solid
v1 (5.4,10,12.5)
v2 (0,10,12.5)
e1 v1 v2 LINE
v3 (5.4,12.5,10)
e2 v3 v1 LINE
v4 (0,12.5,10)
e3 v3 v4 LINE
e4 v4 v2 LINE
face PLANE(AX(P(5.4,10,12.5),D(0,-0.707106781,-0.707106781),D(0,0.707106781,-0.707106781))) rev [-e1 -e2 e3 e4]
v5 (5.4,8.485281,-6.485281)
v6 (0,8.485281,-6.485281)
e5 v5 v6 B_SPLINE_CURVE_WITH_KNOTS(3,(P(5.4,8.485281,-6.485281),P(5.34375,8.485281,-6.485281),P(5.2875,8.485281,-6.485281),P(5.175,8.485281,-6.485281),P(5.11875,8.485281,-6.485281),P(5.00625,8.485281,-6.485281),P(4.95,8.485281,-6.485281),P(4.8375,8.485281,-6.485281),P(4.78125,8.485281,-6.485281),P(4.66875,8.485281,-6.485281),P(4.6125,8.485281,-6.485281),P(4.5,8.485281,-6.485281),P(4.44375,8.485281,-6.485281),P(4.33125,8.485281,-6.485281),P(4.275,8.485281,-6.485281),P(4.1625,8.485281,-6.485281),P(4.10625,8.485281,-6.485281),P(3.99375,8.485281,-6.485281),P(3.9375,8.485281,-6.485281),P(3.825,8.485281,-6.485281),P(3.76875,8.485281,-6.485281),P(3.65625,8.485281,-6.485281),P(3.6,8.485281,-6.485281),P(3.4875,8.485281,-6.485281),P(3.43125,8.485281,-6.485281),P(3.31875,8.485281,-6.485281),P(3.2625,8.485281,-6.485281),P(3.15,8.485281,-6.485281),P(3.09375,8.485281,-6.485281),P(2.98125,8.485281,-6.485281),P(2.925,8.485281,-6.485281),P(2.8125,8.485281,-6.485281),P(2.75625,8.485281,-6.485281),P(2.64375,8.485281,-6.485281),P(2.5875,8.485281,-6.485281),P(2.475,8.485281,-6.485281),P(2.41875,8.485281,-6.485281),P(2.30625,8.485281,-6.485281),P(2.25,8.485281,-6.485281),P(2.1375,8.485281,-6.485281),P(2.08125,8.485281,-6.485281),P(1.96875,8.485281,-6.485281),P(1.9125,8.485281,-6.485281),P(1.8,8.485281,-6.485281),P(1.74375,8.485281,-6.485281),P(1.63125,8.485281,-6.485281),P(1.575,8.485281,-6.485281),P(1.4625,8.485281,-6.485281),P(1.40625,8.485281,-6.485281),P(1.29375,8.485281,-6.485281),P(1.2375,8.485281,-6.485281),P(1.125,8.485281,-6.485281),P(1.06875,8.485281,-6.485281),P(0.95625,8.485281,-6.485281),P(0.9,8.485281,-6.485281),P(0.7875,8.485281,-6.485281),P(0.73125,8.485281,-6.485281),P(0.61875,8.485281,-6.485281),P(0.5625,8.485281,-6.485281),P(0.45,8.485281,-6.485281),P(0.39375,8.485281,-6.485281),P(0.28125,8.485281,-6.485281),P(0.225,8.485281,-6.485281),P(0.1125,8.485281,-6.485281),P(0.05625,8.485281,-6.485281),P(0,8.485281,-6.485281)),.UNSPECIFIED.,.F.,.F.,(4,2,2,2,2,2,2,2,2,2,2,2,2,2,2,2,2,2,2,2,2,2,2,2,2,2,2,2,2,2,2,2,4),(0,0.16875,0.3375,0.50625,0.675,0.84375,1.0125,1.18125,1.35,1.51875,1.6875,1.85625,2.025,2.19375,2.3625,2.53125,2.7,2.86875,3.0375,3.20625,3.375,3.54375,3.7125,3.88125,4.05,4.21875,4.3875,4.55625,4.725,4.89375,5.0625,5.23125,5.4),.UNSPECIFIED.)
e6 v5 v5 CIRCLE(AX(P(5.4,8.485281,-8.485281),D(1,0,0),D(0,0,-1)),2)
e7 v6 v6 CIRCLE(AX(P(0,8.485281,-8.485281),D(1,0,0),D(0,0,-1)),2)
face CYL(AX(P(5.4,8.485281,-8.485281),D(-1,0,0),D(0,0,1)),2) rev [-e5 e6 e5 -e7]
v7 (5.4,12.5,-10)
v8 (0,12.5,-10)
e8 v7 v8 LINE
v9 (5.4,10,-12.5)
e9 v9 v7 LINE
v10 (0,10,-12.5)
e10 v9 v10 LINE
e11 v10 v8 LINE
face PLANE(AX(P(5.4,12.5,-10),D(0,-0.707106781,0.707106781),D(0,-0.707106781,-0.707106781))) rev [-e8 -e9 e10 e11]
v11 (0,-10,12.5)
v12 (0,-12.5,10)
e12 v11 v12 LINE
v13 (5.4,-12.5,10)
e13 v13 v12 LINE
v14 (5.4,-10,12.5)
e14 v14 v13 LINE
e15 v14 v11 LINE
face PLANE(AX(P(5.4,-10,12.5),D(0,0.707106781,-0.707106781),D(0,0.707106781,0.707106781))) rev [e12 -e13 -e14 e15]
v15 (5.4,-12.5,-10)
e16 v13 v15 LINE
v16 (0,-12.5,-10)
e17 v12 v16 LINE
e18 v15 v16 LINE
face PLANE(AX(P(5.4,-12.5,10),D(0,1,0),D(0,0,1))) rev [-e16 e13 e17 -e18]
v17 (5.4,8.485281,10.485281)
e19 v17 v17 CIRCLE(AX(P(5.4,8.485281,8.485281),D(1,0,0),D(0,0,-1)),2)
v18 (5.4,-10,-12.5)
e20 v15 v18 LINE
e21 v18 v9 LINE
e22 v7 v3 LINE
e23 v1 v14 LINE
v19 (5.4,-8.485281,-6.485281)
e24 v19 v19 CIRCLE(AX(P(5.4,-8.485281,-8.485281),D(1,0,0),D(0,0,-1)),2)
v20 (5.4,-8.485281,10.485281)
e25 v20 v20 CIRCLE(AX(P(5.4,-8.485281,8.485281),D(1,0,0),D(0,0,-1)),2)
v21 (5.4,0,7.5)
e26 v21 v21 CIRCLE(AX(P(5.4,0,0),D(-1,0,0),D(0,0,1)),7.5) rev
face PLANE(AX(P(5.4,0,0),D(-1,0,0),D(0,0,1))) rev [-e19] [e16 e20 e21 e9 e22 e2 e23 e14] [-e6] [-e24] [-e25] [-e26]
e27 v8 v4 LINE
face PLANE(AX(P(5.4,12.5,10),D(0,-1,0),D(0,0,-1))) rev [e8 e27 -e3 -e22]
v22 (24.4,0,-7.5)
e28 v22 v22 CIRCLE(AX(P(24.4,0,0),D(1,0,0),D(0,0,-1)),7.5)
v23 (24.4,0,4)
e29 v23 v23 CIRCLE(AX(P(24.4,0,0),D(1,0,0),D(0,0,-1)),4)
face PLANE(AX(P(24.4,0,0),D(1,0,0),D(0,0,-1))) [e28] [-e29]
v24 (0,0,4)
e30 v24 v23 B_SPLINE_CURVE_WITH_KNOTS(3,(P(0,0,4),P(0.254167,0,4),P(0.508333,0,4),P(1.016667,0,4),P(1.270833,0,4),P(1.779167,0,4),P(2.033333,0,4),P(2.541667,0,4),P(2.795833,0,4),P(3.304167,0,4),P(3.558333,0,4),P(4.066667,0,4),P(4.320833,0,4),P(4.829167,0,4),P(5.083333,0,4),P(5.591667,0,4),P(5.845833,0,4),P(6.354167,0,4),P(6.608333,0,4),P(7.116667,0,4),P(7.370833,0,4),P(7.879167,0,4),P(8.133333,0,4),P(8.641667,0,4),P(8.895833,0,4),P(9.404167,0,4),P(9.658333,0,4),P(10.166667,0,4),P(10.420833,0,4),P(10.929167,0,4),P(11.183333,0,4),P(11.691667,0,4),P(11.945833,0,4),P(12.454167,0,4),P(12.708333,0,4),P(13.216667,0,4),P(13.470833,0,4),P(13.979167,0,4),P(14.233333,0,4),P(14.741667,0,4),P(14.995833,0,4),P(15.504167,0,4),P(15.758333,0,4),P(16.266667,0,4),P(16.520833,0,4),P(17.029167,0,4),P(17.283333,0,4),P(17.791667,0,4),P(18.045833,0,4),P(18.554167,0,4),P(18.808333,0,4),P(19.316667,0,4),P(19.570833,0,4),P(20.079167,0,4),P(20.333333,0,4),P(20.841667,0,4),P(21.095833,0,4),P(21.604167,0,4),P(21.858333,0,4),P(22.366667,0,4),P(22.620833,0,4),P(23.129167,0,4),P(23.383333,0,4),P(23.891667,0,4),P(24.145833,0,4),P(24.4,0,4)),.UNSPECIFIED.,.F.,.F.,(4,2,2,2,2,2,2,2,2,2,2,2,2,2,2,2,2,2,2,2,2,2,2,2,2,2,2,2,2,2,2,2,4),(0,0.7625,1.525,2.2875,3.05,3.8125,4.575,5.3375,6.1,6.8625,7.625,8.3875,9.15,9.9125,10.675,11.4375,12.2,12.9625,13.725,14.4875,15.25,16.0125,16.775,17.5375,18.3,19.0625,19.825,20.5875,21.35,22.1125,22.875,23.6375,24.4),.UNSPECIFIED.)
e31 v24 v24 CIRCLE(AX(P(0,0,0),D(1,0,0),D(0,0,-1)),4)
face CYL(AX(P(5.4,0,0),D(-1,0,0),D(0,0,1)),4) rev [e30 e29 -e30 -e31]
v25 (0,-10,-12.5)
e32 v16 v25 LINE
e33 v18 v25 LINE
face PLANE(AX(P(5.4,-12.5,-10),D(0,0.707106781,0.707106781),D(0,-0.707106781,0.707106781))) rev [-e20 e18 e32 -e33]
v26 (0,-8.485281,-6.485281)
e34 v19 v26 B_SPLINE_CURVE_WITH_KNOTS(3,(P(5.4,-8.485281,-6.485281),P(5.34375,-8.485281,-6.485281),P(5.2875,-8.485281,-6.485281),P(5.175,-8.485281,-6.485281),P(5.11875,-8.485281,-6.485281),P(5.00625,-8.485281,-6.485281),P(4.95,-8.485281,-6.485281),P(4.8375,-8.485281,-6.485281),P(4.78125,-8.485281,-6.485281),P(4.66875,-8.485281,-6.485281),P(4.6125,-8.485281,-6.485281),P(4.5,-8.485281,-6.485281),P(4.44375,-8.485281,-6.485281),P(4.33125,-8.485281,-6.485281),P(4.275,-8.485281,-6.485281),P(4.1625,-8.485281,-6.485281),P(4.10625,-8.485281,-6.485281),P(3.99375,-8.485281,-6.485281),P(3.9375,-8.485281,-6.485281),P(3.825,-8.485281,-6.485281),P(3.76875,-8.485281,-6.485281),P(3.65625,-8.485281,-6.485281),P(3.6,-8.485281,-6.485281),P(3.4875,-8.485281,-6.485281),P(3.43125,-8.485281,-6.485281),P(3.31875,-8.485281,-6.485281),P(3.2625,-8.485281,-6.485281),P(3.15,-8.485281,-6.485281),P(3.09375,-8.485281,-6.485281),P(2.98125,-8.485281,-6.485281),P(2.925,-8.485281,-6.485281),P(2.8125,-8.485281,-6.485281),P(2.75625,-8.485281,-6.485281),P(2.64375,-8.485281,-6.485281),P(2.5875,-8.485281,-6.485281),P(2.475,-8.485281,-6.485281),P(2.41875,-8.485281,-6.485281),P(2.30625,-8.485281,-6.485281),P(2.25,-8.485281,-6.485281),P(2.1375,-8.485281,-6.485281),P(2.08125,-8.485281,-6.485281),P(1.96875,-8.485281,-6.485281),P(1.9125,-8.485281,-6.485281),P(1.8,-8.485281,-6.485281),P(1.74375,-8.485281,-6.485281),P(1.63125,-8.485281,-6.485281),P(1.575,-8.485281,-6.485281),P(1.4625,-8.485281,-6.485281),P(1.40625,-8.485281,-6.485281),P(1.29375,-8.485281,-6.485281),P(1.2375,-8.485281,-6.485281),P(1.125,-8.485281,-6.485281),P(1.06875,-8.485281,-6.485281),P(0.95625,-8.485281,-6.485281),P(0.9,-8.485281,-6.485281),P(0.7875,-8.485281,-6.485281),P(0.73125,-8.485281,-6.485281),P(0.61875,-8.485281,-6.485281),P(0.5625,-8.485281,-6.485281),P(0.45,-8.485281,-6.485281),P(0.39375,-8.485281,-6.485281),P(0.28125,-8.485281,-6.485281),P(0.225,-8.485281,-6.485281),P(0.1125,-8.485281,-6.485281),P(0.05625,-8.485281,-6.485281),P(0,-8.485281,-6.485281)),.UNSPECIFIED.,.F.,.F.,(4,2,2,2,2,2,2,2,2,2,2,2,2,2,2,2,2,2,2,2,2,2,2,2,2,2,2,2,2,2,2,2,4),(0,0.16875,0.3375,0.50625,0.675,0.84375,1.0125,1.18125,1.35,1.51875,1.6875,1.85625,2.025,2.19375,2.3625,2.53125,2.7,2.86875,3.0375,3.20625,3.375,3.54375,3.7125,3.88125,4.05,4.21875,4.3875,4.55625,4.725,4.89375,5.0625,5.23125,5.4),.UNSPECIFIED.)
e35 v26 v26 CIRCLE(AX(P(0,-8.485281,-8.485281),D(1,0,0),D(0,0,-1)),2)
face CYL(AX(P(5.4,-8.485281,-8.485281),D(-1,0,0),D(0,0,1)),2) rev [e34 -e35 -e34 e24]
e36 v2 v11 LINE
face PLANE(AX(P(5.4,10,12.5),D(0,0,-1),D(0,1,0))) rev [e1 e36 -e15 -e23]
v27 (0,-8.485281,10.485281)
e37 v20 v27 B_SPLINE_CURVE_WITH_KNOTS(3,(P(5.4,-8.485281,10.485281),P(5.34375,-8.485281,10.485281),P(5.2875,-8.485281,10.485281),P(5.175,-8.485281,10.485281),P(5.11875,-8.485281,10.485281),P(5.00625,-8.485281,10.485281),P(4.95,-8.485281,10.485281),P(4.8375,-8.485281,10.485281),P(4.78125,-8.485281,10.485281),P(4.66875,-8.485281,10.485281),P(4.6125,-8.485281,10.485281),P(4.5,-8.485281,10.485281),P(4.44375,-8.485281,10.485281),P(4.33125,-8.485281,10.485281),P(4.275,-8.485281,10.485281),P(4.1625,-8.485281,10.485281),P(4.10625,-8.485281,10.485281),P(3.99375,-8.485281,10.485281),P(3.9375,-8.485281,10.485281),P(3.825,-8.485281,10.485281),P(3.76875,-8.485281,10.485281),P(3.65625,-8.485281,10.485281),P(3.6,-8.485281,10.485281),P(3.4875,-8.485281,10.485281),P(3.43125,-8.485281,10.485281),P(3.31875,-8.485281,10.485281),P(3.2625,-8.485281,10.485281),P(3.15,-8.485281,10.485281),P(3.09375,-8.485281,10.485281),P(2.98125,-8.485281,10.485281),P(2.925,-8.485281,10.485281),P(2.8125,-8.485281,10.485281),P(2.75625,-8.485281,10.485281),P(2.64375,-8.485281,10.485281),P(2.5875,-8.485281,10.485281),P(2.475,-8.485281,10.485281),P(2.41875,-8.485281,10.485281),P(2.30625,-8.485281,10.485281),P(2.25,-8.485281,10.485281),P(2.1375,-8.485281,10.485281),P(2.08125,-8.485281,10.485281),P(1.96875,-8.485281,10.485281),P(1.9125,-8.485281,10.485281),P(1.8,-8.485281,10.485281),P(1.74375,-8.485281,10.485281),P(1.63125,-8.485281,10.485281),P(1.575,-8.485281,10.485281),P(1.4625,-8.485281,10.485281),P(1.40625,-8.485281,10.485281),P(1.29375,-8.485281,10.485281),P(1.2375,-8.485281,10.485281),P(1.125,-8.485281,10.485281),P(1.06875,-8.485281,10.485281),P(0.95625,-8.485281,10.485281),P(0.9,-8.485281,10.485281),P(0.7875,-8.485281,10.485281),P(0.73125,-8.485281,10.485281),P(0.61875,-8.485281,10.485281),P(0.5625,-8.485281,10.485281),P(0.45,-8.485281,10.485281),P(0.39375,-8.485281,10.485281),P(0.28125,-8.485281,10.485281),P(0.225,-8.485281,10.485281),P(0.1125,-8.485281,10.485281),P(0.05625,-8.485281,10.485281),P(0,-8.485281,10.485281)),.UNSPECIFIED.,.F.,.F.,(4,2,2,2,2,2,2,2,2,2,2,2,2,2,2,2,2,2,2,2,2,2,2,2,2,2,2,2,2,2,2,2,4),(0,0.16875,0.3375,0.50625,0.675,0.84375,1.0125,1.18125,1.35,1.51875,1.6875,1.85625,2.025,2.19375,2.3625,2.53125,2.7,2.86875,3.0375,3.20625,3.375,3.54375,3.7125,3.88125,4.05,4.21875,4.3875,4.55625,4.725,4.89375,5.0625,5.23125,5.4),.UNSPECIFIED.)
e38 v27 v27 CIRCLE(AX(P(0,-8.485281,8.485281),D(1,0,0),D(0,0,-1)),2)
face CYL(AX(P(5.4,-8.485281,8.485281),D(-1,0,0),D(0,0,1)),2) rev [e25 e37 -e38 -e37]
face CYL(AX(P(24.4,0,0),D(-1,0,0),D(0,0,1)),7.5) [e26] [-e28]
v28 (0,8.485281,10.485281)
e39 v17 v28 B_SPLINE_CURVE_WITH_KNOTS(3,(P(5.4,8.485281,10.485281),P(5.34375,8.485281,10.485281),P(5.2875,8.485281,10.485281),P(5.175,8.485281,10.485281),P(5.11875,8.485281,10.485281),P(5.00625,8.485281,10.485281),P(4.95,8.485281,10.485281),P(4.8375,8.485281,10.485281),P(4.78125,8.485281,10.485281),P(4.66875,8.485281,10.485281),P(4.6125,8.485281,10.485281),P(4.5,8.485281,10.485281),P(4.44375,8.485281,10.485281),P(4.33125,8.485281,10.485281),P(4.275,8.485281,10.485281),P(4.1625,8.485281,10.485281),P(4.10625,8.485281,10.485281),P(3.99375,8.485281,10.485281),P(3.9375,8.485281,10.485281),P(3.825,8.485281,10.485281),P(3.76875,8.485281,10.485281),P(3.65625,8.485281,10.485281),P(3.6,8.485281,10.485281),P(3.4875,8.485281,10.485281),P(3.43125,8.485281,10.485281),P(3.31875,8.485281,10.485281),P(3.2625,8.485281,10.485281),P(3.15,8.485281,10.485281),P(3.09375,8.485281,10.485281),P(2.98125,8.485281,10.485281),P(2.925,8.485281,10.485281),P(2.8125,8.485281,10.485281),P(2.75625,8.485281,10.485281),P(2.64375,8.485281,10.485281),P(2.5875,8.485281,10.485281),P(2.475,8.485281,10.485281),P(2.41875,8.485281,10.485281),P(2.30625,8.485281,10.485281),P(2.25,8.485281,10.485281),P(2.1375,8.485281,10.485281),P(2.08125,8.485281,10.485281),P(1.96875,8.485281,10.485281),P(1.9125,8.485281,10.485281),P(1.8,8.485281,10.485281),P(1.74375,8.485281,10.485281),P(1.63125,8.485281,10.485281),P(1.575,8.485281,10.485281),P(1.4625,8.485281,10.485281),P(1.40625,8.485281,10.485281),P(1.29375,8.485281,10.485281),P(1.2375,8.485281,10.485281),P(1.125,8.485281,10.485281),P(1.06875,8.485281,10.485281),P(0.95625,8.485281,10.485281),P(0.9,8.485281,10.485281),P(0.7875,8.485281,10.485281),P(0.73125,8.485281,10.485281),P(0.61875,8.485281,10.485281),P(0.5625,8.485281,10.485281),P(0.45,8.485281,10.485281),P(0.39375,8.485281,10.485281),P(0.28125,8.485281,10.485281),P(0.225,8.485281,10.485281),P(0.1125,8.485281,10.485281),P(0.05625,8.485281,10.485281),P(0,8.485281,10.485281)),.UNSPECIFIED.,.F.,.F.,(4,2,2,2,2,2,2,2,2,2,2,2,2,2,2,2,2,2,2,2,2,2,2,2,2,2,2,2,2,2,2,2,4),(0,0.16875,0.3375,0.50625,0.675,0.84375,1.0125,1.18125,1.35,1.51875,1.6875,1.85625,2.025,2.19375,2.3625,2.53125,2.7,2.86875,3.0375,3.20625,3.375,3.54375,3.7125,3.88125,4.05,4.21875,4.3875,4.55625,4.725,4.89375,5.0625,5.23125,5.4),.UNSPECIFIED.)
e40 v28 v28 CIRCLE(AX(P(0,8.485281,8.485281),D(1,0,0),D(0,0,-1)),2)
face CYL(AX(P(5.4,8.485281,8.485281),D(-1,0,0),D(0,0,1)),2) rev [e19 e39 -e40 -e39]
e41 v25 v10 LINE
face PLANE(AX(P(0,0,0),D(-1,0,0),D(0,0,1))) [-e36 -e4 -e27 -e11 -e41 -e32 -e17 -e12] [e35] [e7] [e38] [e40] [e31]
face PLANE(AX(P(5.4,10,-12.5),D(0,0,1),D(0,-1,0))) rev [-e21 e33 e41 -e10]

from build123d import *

# Parameters (mm, degrees)
SKETCH1_R           = 4
SKETCH1_R_2         = 2
BOSS_EXTRUDE1_DEPTH = 5.4
SKETCH2_R           = 7.5
SKETCH2_R_2         = 4
BOSS_EXTRUDE2_DEPTH = 19


with BuildPart() as part:
    # Sketch1 → Boss-Extrude1 (new body)
    with BuildSketch(Plane(origin=(0, 0, 0), x_dir=(0, 0, -1), z_dir=(1, 0, 0))):
        Polygon((-12.5, 10), (-10, 12.5), (10, 12.5), (12.5, 10), (12.5, -10), (10, -12.5), (-10, -12.5), (-12.5, -10), align=None)
        with Locations(Location((0, 0, 0), (0, 0, 180))):
            Circle(SKETCH1_R, mode=Mode.SUBTRACT)
        with Locations(Location((8.485281374, 8.485281374, 0), (0, 0, 180))):
            Circle(SKETCH1_R_2, mode=Mode.SUBTRACT)
        with Locations(Location((8.485281374, -8.485281374, 0), (0, 0, 180))):
            Circle(SKETCH1_R_2, mode=Mode.SUBTRACT)
        with Locations(Location((-8.485281374, -8.485281374, 0), (0, 0, 180))):
            Circle(SKETCH1_R_2, mode=Mode.SUBTRACT)
        with Locations(Location((-8.485281374, 8.485281374, 0), (0, 0, 180))):
            Circle(SKETCH1_R_2, mode=Mode.SUBTRACT)
    extrude(amount=BOSS_EXTRUDE1_DEPTH)

    # Sketch2 → Boss-Extrude2 (add)
    with BuildSketch(Plane(origin=(5.4, 0, 0), x_dir=(0, 0, -1), z_dir=(1, 0, 0))):
        with Locations(Location((0, 0, 0), (0, 0, 180))):
            Circle(SKETCH2_R)
        with Locations(Location((0, 0, 0), (0, 0, 180))):
            Circle(SKETCH2_R_2, mode=Mode.SUBTRACT)
    extrude(amount=BOSS_EXTRUDE2_DEPTH)


solid = part.part
